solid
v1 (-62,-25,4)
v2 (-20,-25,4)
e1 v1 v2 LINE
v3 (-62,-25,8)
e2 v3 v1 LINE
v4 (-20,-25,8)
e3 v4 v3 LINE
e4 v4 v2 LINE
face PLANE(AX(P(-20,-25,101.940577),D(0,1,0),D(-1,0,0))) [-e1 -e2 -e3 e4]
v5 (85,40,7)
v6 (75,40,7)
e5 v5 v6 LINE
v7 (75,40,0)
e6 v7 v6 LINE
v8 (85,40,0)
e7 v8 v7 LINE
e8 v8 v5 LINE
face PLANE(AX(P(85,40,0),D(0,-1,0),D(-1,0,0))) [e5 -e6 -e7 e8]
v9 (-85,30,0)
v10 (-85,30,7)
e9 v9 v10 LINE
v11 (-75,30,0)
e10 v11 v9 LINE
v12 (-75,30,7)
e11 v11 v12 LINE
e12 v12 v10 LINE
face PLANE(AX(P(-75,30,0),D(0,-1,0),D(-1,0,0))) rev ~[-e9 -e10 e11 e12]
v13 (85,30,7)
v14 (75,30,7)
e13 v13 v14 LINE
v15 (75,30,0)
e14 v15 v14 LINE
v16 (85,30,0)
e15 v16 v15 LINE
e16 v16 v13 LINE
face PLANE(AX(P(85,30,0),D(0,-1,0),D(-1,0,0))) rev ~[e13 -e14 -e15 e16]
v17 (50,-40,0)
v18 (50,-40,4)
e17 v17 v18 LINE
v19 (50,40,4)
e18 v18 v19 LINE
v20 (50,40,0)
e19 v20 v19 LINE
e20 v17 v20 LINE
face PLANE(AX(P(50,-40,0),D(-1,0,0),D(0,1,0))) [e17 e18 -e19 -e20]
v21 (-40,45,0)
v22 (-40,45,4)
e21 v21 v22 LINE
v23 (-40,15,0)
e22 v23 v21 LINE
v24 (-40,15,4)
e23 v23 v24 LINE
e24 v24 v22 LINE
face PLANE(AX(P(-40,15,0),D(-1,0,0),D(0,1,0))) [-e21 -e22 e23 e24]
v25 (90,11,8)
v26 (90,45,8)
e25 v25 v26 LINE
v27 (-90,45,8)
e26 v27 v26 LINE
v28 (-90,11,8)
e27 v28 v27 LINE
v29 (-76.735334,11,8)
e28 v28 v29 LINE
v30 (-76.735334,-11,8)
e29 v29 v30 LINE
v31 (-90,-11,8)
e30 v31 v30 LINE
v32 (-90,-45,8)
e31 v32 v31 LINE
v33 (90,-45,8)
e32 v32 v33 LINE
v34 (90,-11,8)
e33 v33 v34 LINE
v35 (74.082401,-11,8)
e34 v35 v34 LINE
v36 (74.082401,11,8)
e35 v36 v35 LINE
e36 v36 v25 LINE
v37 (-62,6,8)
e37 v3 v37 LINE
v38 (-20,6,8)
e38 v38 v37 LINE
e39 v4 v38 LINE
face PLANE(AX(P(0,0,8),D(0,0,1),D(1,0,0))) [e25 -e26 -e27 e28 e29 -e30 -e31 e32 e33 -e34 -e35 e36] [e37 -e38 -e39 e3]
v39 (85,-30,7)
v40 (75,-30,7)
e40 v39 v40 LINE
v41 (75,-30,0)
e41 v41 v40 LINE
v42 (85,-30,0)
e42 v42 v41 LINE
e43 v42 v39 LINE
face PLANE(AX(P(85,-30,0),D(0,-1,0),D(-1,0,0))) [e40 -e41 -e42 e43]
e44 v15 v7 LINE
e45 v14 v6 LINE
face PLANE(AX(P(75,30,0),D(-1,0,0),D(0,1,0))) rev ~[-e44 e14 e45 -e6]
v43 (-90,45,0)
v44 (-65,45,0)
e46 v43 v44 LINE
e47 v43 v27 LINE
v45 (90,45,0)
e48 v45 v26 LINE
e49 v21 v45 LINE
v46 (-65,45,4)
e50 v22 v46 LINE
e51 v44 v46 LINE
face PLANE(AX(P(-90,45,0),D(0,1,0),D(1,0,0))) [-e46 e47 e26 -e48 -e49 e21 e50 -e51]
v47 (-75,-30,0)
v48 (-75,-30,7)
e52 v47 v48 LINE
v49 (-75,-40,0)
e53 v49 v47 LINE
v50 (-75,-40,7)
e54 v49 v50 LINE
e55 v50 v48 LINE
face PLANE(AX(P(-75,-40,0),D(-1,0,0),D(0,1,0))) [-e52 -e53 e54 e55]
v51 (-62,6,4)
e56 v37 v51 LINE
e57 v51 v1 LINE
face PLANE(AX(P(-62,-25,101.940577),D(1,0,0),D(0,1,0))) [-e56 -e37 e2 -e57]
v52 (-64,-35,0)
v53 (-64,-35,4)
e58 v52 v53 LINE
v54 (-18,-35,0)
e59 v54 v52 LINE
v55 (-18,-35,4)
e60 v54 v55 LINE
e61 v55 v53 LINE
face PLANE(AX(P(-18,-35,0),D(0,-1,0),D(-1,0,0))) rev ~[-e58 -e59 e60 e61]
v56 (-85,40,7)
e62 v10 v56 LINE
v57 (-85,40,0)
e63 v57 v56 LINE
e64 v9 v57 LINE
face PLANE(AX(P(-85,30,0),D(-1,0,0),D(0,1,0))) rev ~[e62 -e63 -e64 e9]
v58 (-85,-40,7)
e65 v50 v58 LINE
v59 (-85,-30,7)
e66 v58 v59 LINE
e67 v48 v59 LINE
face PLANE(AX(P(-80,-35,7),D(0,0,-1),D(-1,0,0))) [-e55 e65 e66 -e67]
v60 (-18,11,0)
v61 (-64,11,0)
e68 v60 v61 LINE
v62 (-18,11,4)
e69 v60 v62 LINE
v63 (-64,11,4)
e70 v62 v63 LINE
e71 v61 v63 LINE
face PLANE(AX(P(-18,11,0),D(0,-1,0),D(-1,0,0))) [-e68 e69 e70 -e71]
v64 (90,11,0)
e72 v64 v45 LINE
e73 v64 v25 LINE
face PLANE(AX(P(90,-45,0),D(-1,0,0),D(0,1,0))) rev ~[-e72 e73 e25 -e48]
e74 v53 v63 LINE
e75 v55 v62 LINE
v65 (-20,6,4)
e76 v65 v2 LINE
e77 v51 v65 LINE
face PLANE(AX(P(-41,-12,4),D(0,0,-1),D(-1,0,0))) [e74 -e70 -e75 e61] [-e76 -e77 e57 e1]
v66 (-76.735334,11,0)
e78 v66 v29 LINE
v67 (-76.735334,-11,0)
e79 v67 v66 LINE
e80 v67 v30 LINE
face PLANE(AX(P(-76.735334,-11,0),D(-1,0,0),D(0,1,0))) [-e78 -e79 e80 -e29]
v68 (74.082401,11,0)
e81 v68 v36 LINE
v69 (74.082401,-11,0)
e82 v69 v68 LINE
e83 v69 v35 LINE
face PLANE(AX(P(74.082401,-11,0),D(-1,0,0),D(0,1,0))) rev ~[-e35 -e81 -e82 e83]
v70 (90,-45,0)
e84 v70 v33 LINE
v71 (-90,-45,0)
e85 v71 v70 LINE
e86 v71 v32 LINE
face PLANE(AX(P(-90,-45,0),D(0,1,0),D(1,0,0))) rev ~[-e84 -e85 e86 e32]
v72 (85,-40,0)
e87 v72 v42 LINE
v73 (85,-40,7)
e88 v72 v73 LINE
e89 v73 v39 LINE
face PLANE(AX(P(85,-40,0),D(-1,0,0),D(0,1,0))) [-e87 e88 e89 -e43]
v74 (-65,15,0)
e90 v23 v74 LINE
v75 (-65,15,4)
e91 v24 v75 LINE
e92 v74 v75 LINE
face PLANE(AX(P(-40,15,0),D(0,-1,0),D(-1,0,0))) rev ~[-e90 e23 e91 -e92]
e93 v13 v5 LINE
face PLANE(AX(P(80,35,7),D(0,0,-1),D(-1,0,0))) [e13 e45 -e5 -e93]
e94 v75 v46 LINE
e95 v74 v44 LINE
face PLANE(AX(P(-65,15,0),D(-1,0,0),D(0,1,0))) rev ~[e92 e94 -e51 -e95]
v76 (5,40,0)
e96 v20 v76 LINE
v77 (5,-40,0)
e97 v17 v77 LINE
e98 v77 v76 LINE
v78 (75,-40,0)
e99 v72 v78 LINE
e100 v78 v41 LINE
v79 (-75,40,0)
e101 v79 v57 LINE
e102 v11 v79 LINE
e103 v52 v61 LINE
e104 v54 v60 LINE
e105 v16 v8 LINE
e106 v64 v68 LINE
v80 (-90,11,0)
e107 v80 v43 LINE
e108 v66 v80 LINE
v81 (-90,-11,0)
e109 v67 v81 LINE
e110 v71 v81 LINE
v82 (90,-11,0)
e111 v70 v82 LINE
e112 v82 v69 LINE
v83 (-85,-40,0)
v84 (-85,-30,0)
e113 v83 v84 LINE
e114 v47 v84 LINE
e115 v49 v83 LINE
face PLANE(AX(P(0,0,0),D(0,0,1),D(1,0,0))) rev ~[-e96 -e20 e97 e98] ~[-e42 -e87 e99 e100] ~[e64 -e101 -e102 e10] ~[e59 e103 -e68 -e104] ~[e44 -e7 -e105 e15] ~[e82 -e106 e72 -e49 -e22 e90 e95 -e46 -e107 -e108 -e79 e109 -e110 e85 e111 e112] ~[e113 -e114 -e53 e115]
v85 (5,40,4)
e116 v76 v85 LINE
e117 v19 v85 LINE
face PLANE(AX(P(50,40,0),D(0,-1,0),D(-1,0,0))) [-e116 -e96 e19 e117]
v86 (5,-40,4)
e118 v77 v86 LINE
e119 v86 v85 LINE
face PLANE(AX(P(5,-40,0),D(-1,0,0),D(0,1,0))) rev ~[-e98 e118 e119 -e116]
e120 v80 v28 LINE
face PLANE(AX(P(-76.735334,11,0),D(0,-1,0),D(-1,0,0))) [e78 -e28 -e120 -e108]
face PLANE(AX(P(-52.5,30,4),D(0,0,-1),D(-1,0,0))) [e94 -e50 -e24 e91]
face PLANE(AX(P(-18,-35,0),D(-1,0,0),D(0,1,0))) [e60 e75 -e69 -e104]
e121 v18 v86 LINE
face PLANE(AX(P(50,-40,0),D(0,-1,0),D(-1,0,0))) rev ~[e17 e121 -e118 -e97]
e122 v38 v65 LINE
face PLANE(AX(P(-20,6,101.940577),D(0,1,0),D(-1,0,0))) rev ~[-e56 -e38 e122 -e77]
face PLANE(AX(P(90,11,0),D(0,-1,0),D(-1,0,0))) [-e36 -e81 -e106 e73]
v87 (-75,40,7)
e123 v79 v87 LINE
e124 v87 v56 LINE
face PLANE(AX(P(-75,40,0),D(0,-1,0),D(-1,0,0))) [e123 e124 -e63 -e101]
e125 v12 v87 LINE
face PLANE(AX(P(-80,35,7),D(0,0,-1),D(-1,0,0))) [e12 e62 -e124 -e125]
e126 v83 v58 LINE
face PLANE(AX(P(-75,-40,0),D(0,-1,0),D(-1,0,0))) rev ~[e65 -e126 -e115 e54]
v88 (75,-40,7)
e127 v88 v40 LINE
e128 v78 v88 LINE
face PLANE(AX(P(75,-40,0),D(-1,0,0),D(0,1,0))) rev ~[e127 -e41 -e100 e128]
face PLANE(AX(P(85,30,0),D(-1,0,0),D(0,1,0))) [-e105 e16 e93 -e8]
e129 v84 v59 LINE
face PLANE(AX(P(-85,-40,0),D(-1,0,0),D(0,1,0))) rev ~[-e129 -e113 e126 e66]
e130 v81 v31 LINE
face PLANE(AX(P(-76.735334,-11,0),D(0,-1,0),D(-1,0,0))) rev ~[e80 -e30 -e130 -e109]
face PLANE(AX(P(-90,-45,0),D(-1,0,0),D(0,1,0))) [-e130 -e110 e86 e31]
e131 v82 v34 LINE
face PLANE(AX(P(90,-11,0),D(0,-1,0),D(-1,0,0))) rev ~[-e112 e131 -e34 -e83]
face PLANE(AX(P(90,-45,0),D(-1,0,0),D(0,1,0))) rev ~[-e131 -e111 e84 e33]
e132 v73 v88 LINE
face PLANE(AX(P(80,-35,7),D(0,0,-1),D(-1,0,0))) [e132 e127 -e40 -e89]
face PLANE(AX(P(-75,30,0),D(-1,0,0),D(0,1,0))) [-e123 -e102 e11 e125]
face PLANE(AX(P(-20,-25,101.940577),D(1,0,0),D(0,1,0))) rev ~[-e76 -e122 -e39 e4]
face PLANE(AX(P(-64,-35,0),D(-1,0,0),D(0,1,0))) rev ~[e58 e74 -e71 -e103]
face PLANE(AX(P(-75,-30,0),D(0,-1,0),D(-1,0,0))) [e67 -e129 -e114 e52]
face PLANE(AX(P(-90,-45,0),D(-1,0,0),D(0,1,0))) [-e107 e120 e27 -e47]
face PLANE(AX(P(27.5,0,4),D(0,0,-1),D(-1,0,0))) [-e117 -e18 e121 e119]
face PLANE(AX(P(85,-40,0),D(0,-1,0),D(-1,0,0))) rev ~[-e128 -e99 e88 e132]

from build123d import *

# Parameters (mm, degrees)
SKETCH1_W                = 180
SKETCH1_H                = 90
BOSS_EXTRUDE1_DEPTH      = 8
SKETCH3_W                = 10
SKETCH3_H                = 10
CUT_EXTRUDE1_DEPTH       = 7
SKETCH4_W                = 25
SKETCH4_H                = 30
SKETCH4_W_2              = 45
SKETCH4_H_2              = 80
SKETCH4_W_3              = 46
SKETCH4_H_3              = 46
CUT_EXTRUDE2_DEPTH       = 4
SKETCH5_W                = 15.917599426
SKETCH5_H                = 22
SKETCH5_W_2              = 13.264666189
CUT_EXTRUDE3_DEPTH       = 101.940576578
CUT_EXTRUDE12_DEPTH      = 101.940576578
CUT_EXTRUDE12_DEPTH_BACK = 101.940576578
SKETCH6_W                = 42
SKETCH6_H                = 31


with BuildPart() as part:
    # Sketch1 → Boss-Extrude1 (new body)
    with BuildSketch(Plane.XY):
        Rectangle(SKETCH1_W, SKETCH1_H)
    extrude(amount=BOSS_EXTRUDE1_DEPTH)

    # Sketch3 → Cut-Extrude1 (cut)
    with BuildSketch(Plane(origin=(0, 0, 0), x_dir=(-1, 0, 0), z_dir=(0, 0, -1))):
        with Locations((-80, -35)):
            Rectangle(SKETCH3_W, SKETCH3_H)
        with Locations((-80, 35)):
            Rectangle(SKETCH3_W, SKETCH3_H)
        with Locations((80, 35)):
            Rectangle(SKETCH3_W, SKETCH3_H)
        with Locations((80, -35)):
            Rectangle(SKETCH3_W, SKETCH3_H)
    extrude(amount=-CUT_EXTRUDE1_DEPTH, mode=Mode.SUBTRACT)

    # Sketch4 → Cut-Extrude2 (cut)
    with BuildSketch(Plane(origin=(0, 0, 0), x_dir=(-1, 0, 0), z_dir=(0, 0, -1))):
        with Locations((52.5, 30)):
            Rectangle(SKETCH4_W, SKETCH4_H)
        with Locations((-27.5, 0)):
            Rectangle(SKETCH4_W_2, SKETCH4_H_2)
        with Locations((41, -12)):
            Rectangle(SKETCH4_W_3, SKETCH4_H_3)
    extrude(amount=-CUT_EXTRUDE2_DEPTH, mode=Mode.SUBTRACT)

    # Sketch5 → Cut-Extrude3 (cut, through all)
    with BuildSketch(Plane(origin=(0, 0, 0), x_dir=(-1, 0, 0), z_dir=(0, 0, -1))):
        with Locations((-82.041200287, 0)):
            Rectangle(SKETCH5_W, SKETCH5_H)
        with Locations((83.367666906, 0)):
            Rectangle(SKETCH5_W_2, SKETCH5_H)
    extrude(amount=-CUT_EXTRUDE3_DEPTH, mode=Mode.SUBTRACT)

    # Sketch6 → Cut-Extrude12 (cut, two sides: drawn at the far end of the back side and taken through both)
    with BuildSketch(Plane(origin=(0, 0, 0), x_dir=(-1, 0, 0), z_dir=(0, 0, -1)).offset(-CUT_EXTRUDE12_DEPTH_BACK)):
        with Locations((41, -9.5)):
            Rectangle(SKETCH6_W, SKETCH6_H)
    extrude(amount=CUT_EXTRUDE12_DEPTH + CUT_EXTRUDE12_DEPTH_BACK, mode=Mode.SUBTRACT)


solid = part.part
